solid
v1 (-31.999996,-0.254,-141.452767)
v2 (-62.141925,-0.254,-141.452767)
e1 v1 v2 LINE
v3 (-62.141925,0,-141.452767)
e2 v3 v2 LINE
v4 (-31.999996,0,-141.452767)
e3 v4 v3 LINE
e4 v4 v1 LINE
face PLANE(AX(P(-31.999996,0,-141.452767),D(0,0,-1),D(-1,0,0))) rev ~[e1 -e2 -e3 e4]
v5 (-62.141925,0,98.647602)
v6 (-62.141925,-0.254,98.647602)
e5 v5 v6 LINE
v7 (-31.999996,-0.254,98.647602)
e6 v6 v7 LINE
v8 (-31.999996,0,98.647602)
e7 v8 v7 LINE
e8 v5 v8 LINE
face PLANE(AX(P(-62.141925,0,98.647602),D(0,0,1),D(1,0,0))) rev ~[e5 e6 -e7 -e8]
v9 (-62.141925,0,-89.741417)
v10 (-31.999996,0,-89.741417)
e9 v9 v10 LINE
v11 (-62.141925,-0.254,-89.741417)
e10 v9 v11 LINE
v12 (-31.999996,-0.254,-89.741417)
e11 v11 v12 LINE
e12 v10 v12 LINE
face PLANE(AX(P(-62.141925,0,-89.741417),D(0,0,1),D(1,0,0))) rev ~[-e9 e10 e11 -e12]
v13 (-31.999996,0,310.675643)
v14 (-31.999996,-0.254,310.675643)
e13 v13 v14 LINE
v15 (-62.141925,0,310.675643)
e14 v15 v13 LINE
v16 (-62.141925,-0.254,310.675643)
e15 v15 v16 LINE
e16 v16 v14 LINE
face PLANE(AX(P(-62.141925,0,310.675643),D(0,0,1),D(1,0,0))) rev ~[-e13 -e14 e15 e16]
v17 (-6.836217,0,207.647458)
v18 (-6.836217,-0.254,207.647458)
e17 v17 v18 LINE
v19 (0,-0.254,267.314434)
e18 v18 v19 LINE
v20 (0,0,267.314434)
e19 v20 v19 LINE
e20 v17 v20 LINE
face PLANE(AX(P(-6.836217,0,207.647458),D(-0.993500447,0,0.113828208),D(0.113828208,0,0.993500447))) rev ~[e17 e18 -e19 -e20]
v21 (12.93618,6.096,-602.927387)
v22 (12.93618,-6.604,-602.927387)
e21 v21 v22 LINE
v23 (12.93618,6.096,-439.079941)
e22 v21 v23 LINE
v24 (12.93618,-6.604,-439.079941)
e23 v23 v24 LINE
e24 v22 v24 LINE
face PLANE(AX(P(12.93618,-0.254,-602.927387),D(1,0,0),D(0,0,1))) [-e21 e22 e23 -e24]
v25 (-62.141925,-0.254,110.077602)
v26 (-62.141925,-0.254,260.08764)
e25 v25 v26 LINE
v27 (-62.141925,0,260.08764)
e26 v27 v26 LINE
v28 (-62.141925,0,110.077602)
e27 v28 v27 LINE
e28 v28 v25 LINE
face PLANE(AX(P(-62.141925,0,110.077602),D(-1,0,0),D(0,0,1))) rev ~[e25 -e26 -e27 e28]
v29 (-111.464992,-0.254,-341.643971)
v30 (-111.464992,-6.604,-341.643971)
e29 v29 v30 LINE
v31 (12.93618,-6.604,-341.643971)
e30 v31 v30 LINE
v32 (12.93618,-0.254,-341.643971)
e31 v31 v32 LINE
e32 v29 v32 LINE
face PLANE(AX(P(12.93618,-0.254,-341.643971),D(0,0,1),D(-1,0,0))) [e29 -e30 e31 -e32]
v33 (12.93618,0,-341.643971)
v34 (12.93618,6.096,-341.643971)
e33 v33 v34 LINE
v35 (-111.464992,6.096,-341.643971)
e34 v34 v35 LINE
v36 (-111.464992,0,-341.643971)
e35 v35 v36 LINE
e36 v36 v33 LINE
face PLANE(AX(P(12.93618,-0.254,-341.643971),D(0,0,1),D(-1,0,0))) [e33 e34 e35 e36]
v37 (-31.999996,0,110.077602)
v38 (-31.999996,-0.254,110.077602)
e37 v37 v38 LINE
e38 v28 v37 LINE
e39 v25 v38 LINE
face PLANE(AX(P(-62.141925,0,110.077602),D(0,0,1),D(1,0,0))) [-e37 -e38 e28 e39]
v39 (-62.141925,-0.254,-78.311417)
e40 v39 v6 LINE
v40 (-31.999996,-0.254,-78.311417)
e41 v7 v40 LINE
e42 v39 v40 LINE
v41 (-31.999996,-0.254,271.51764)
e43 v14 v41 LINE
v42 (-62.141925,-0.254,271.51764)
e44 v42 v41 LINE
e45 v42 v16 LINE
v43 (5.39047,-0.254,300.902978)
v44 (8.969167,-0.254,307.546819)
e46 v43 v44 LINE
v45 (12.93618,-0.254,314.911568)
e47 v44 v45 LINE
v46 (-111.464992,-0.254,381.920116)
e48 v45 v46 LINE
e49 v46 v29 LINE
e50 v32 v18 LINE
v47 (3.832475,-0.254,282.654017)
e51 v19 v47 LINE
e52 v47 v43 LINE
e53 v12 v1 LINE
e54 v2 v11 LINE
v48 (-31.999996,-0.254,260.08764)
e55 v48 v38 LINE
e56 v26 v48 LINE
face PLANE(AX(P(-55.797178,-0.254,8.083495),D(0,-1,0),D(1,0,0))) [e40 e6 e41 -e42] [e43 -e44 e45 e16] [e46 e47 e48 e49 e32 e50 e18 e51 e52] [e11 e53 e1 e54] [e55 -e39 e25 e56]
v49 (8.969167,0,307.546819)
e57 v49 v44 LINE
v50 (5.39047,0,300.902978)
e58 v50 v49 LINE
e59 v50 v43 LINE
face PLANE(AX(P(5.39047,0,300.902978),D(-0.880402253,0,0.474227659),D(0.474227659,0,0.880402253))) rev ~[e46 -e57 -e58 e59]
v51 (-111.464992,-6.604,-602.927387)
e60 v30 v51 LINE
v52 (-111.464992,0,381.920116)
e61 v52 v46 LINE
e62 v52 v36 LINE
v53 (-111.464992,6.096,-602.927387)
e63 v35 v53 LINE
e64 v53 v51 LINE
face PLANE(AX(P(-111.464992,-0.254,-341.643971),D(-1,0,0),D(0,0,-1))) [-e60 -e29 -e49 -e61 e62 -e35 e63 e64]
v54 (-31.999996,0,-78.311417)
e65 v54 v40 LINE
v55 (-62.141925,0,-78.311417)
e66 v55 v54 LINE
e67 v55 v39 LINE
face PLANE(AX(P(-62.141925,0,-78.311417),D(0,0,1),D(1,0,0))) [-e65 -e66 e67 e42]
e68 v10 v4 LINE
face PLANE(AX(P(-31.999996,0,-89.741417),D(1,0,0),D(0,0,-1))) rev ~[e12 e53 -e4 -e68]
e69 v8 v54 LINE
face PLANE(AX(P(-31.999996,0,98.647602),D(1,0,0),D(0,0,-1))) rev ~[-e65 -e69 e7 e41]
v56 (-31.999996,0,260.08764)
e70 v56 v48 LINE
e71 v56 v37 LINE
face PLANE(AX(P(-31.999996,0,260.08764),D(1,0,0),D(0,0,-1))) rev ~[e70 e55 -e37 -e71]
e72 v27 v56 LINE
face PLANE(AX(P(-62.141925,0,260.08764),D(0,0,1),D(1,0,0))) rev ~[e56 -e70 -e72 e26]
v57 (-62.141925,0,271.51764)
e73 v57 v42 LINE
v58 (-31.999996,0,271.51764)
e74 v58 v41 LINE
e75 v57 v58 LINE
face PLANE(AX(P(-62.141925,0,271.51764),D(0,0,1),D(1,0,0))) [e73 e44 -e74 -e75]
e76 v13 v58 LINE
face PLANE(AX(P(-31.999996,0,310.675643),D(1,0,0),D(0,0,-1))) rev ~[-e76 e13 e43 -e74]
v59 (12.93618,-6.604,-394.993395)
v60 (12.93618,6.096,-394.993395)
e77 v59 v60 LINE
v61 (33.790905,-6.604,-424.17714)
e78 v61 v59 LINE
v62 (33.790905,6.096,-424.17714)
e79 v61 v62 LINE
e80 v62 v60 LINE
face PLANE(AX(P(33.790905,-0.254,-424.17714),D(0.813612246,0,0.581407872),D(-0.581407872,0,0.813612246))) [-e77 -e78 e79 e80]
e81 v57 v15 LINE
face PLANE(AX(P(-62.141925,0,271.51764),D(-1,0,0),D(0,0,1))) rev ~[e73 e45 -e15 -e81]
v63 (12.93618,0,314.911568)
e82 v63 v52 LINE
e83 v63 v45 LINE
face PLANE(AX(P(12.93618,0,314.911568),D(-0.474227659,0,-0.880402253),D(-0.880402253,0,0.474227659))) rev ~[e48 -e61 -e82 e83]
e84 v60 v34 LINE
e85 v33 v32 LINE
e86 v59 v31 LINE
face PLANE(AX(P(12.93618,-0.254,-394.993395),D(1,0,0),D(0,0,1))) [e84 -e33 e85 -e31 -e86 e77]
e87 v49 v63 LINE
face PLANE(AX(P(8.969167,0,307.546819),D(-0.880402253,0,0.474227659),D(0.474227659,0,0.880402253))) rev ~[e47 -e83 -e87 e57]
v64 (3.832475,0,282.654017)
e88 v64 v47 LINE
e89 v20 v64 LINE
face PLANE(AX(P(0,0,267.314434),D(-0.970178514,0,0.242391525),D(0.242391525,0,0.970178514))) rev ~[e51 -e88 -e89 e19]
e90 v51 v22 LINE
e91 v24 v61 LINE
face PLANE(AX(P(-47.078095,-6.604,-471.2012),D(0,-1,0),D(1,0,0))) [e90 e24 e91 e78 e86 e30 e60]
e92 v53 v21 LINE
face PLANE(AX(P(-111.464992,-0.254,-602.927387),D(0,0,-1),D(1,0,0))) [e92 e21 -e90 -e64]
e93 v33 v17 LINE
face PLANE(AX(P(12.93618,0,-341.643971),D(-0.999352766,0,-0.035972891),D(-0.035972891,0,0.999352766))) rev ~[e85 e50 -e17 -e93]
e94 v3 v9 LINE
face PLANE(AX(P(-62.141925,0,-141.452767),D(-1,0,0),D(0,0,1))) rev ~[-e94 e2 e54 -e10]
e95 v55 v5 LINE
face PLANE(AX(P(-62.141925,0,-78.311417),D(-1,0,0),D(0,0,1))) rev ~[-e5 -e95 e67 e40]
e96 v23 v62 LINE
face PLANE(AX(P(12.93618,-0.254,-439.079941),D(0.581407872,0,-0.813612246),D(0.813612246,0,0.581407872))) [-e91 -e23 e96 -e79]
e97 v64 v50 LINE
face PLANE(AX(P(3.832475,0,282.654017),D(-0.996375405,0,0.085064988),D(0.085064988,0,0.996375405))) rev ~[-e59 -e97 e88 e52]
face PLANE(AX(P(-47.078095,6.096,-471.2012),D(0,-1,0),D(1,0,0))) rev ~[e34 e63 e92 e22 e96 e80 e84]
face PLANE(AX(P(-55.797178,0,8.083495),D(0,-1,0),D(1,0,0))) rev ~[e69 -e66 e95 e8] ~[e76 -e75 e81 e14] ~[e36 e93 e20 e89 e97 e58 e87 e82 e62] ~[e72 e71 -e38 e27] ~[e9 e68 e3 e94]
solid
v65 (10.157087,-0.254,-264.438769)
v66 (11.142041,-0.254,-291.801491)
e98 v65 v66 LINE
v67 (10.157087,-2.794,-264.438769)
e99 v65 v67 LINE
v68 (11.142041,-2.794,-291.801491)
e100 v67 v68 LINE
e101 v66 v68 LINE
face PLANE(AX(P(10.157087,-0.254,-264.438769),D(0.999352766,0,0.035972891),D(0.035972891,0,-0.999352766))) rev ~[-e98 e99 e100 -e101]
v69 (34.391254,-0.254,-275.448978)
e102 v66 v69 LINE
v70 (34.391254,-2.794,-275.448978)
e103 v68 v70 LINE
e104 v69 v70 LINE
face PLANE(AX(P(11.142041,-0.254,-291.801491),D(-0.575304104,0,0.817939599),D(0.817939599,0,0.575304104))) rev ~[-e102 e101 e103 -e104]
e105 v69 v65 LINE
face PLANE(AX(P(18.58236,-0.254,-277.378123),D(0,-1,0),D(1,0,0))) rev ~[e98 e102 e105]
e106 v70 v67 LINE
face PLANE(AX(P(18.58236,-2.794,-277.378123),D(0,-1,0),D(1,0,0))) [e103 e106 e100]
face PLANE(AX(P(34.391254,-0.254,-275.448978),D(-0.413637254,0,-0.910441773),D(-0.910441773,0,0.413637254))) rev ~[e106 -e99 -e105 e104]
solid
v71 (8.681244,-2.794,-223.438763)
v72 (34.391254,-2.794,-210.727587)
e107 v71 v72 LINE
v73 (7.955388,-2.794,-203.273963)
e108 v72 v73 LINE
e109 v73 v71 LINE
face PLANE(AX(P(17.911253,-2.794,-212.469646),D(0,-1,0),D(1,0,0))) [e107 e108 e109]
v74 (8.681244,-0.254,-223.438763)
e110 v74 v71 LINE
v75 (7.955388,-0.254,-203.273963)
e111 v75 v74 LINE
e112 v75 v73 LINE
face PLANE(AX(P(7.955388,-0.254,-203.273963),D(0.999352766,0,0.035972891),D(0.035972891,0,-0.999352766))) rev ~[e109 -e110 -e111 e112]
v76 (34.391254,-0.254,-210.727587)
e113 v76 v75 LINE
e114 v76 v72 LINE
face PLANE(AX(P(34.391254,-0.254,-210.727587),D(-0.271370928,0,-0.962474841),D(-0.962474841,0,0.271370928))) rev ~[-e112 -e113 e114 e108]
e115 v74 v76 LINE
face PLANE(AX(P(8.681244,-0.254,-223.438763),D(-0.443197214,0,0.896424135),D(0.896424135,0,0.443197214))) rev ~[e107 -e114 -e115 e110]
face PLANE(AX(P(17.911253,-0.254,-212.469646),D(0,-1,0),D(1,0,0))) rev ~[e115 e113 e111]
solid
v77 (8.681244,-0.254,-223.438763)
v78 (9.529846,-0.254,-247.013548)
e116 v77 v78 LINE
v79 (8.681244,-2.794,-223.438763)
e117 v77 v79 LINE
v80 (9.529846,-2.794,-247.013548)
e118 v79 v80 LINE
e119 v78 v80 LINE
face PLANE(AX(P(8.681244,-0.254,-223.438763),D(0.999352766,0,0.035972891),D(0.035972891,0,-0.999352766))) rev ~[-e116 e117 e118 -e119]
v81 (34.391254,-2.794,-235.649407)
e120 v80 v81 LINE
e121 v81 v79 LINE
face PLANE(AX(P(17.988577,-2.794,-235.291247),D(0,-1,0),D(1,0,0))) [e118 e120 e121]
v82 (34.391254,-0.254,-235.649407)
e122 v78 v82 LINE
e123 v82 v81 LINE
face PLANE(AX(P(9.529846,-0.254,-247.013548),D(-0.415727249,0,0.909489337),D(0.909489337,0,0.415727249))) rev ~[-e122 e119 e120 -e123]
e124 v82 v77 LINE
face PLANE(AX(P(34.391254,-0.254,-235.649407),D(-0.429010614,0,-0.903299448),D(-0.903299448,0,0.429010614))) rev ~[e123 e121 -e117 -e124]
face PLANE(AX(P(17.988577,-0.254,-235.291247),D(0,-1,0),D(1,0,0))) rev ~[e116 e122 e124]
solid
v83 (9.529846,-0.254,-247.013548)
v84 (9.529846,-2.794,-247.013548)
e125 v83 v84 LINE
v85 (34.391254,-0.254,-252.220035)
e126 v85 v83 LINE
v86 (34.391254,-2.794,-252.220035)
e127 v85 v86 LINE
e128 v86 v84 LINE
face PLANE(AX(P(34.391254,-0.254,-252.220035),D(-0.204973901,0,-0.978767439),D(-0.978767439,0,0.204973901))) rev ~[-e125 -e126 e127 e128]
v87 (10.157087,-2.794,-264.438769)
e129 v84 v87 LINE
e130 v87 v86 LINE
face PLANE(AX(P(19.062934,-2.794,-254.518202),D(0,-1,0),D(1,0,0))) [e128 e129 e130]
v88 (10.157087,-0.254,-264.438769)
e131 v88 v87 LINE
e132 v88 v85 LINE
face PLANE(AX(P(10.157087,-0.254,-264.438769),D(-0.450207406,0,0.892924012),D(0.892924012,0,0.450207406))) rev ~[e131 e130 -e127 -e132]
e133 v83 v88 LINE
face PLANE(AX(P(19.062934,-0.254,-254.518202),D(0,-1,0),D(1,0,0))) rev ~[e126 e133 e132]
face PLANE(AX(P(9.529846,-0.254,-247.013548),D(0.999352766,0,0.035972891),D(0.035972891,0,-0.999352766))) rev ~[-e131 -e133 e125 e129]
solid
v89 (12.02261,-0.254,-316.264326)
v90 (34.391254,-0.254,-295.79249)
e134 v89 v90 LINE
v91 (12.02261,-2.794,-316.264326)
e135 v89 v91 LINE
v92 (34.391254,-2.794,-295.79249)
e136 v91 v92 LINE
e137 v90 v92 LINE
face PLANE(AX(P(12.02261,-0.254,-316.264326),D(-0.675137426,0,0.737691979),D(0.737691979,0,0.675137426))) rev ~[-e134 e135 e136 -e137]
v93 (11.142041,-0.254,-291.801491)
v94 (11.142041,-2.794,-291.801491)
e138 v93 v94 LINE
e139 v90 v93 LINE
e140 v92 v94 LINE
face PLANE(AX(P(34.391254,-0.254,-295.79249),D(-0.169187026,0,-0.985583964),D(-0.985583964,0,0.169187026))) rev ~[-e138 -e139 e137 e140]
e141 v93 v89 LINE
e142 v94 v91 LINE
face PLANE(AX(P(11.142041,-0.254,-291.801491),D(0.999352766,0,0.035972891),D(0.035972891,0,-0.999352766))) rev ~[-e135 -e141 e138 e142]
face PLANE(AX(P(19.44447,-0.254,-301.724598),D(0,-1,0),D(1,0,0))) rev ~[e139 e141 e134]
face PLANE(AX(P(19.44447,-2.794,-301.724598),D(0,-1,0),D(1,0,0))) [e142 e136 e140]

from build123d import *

# Parameters (mm, degrees)
F0_W     = 30.1419294609
F0_H     = 11.43
F1_DEPTH = 0.254
F3_DEPTH = 6.35
F5_DEPTH = 2.54


with BuildPart() as f1:
    # F0 (on Front) → F1 (new body)
    with BuildSketch(Plane.XZ):
        Polygon((12.9361804648, 314.9115679839), (-111.4649921729, 381.9201163345), (-111.4649921729, -341.6439707719), (12.9361804648, -341.6439707719), (-6.8362173624, 207.6474577188), (0, 267.3144340515), (3.8324750494, 282.65401721), (5.3904698068, 300.9029783735), (8.9691670423, 307.5468192501), align=None)
        Polygon((-62.1419251557, 271.5176398946), (-62.1419251557, 310.6756428487), (-31.9999956948, 310.6756428487), (-31.9999956948, 271.5176398946), (-31.9999956948, 260.0876398946), (-31.9999956948, 110.0776017578), (-31.9999956948, 98.6476017578), (-31.9999956948, -78.3114169879), (-31.9999956948, -89.7414169879), (-31.9999956948, -141.4527670427), (-62.1419251557, -141.4527670427), (-62.1419251557, -89.7414169879), (-62.1419251557, -78.3114169879), (-62.1419251557, 98.6476017578), (-62.1419251557, 110.0776017578), (-62.1419251557, 260.0876398946), align=None, mode=Mode.SUBTRACT)
        with Locations((-47.0709604253, 104.3626017578)):
            Rectangle(F0_W, F0_H)
        with Locations((-47.0709604253, 265.8026398946)):
            Rectangle(F0_W, F0_H)
        with Locations((-47.0709604253, -84.0264169879)):
            Rectangle(F0_W, F0_H)
    extrude(amount=F1_DEPTH)

    # F2 (on face) → F3 (join, symmetric)
    with BuildSketch(Plane.XZ.offset(0.254)):
        Polygon((12.9361804648, -341.6439707719), (-111.4649921729, -341.6439707719), (-111.4649921729, -602.9273867607), (12.9361804648, -602.9273867607), (12.9361804648, -439.079940543), (33.7909050286, -424.1771399975), (12.9361804648, -394.9933946133), align=None)
    extrude(amount=F3_DEPTH, both=True)


with BuildPart() as f5:
    # F4 (on face) → F5 (new body)
    with BuildSketch(Plane.XZ.offset(0.254)):
        Polygon((34.3912541866, -210.7275873423), (7.955387585, -203.2739632566), (8.6812435361, -223.4387634865), align=None)
    extrude(amount=F5_DEPTH)


with BuildPart() as f5b:
    # F4 (on face) → F5, piece 2 (new body)
    with BuildSketch(Plane.XZ.offset(0.254)):
        Polygon((34.3912541866, -235.6494069099), (8.6812435361, -223.4387634865), (9.5298459137, -247.0135477039), align=None)
    extrude(amount=F5_DEPTH)


with BuildPart() as f5c:
    # F4 (on face) → F5, piece 3 (new body)
    with BuildSketch(Plane.XZ.offset(0.254)):
        Polygon((34.3912541866, -252.2200345993), (9.5298459137, -247.0135477039), (10.1570874643, -264.4387689827), align=None)
    extrude(amount=F5_DEPTH)


with BuildPart() as f5d:
    # F4 (on face) → F5, piece 4 (new body)
    with BuildSketch(Plane.XZ.offset(0.254)):
        Polygon((34.3912541866, -275.4489779472), (10.1570874643, -264.4387689827), (11.1420411519, -291.8014906281), align=None)
    extrude(amount=F5_DEPTH)


with BuildPart() as f5e:
    # F4 (on face) → F5, piece 5 (new body)
    with BuildSketch(Plane.XZ.offset(0.254)):
        Polygon((34.3912541866, -295.7924902439), (11.1420411519, -291.8014906281), (12.0226099788, -316.2643257906), align=None)
    extrude(amount=F5_DEPTH)


solid = Compound([f1.part, f5.part, f5b.part, f5c.part, f5d.part, f5e.part])
